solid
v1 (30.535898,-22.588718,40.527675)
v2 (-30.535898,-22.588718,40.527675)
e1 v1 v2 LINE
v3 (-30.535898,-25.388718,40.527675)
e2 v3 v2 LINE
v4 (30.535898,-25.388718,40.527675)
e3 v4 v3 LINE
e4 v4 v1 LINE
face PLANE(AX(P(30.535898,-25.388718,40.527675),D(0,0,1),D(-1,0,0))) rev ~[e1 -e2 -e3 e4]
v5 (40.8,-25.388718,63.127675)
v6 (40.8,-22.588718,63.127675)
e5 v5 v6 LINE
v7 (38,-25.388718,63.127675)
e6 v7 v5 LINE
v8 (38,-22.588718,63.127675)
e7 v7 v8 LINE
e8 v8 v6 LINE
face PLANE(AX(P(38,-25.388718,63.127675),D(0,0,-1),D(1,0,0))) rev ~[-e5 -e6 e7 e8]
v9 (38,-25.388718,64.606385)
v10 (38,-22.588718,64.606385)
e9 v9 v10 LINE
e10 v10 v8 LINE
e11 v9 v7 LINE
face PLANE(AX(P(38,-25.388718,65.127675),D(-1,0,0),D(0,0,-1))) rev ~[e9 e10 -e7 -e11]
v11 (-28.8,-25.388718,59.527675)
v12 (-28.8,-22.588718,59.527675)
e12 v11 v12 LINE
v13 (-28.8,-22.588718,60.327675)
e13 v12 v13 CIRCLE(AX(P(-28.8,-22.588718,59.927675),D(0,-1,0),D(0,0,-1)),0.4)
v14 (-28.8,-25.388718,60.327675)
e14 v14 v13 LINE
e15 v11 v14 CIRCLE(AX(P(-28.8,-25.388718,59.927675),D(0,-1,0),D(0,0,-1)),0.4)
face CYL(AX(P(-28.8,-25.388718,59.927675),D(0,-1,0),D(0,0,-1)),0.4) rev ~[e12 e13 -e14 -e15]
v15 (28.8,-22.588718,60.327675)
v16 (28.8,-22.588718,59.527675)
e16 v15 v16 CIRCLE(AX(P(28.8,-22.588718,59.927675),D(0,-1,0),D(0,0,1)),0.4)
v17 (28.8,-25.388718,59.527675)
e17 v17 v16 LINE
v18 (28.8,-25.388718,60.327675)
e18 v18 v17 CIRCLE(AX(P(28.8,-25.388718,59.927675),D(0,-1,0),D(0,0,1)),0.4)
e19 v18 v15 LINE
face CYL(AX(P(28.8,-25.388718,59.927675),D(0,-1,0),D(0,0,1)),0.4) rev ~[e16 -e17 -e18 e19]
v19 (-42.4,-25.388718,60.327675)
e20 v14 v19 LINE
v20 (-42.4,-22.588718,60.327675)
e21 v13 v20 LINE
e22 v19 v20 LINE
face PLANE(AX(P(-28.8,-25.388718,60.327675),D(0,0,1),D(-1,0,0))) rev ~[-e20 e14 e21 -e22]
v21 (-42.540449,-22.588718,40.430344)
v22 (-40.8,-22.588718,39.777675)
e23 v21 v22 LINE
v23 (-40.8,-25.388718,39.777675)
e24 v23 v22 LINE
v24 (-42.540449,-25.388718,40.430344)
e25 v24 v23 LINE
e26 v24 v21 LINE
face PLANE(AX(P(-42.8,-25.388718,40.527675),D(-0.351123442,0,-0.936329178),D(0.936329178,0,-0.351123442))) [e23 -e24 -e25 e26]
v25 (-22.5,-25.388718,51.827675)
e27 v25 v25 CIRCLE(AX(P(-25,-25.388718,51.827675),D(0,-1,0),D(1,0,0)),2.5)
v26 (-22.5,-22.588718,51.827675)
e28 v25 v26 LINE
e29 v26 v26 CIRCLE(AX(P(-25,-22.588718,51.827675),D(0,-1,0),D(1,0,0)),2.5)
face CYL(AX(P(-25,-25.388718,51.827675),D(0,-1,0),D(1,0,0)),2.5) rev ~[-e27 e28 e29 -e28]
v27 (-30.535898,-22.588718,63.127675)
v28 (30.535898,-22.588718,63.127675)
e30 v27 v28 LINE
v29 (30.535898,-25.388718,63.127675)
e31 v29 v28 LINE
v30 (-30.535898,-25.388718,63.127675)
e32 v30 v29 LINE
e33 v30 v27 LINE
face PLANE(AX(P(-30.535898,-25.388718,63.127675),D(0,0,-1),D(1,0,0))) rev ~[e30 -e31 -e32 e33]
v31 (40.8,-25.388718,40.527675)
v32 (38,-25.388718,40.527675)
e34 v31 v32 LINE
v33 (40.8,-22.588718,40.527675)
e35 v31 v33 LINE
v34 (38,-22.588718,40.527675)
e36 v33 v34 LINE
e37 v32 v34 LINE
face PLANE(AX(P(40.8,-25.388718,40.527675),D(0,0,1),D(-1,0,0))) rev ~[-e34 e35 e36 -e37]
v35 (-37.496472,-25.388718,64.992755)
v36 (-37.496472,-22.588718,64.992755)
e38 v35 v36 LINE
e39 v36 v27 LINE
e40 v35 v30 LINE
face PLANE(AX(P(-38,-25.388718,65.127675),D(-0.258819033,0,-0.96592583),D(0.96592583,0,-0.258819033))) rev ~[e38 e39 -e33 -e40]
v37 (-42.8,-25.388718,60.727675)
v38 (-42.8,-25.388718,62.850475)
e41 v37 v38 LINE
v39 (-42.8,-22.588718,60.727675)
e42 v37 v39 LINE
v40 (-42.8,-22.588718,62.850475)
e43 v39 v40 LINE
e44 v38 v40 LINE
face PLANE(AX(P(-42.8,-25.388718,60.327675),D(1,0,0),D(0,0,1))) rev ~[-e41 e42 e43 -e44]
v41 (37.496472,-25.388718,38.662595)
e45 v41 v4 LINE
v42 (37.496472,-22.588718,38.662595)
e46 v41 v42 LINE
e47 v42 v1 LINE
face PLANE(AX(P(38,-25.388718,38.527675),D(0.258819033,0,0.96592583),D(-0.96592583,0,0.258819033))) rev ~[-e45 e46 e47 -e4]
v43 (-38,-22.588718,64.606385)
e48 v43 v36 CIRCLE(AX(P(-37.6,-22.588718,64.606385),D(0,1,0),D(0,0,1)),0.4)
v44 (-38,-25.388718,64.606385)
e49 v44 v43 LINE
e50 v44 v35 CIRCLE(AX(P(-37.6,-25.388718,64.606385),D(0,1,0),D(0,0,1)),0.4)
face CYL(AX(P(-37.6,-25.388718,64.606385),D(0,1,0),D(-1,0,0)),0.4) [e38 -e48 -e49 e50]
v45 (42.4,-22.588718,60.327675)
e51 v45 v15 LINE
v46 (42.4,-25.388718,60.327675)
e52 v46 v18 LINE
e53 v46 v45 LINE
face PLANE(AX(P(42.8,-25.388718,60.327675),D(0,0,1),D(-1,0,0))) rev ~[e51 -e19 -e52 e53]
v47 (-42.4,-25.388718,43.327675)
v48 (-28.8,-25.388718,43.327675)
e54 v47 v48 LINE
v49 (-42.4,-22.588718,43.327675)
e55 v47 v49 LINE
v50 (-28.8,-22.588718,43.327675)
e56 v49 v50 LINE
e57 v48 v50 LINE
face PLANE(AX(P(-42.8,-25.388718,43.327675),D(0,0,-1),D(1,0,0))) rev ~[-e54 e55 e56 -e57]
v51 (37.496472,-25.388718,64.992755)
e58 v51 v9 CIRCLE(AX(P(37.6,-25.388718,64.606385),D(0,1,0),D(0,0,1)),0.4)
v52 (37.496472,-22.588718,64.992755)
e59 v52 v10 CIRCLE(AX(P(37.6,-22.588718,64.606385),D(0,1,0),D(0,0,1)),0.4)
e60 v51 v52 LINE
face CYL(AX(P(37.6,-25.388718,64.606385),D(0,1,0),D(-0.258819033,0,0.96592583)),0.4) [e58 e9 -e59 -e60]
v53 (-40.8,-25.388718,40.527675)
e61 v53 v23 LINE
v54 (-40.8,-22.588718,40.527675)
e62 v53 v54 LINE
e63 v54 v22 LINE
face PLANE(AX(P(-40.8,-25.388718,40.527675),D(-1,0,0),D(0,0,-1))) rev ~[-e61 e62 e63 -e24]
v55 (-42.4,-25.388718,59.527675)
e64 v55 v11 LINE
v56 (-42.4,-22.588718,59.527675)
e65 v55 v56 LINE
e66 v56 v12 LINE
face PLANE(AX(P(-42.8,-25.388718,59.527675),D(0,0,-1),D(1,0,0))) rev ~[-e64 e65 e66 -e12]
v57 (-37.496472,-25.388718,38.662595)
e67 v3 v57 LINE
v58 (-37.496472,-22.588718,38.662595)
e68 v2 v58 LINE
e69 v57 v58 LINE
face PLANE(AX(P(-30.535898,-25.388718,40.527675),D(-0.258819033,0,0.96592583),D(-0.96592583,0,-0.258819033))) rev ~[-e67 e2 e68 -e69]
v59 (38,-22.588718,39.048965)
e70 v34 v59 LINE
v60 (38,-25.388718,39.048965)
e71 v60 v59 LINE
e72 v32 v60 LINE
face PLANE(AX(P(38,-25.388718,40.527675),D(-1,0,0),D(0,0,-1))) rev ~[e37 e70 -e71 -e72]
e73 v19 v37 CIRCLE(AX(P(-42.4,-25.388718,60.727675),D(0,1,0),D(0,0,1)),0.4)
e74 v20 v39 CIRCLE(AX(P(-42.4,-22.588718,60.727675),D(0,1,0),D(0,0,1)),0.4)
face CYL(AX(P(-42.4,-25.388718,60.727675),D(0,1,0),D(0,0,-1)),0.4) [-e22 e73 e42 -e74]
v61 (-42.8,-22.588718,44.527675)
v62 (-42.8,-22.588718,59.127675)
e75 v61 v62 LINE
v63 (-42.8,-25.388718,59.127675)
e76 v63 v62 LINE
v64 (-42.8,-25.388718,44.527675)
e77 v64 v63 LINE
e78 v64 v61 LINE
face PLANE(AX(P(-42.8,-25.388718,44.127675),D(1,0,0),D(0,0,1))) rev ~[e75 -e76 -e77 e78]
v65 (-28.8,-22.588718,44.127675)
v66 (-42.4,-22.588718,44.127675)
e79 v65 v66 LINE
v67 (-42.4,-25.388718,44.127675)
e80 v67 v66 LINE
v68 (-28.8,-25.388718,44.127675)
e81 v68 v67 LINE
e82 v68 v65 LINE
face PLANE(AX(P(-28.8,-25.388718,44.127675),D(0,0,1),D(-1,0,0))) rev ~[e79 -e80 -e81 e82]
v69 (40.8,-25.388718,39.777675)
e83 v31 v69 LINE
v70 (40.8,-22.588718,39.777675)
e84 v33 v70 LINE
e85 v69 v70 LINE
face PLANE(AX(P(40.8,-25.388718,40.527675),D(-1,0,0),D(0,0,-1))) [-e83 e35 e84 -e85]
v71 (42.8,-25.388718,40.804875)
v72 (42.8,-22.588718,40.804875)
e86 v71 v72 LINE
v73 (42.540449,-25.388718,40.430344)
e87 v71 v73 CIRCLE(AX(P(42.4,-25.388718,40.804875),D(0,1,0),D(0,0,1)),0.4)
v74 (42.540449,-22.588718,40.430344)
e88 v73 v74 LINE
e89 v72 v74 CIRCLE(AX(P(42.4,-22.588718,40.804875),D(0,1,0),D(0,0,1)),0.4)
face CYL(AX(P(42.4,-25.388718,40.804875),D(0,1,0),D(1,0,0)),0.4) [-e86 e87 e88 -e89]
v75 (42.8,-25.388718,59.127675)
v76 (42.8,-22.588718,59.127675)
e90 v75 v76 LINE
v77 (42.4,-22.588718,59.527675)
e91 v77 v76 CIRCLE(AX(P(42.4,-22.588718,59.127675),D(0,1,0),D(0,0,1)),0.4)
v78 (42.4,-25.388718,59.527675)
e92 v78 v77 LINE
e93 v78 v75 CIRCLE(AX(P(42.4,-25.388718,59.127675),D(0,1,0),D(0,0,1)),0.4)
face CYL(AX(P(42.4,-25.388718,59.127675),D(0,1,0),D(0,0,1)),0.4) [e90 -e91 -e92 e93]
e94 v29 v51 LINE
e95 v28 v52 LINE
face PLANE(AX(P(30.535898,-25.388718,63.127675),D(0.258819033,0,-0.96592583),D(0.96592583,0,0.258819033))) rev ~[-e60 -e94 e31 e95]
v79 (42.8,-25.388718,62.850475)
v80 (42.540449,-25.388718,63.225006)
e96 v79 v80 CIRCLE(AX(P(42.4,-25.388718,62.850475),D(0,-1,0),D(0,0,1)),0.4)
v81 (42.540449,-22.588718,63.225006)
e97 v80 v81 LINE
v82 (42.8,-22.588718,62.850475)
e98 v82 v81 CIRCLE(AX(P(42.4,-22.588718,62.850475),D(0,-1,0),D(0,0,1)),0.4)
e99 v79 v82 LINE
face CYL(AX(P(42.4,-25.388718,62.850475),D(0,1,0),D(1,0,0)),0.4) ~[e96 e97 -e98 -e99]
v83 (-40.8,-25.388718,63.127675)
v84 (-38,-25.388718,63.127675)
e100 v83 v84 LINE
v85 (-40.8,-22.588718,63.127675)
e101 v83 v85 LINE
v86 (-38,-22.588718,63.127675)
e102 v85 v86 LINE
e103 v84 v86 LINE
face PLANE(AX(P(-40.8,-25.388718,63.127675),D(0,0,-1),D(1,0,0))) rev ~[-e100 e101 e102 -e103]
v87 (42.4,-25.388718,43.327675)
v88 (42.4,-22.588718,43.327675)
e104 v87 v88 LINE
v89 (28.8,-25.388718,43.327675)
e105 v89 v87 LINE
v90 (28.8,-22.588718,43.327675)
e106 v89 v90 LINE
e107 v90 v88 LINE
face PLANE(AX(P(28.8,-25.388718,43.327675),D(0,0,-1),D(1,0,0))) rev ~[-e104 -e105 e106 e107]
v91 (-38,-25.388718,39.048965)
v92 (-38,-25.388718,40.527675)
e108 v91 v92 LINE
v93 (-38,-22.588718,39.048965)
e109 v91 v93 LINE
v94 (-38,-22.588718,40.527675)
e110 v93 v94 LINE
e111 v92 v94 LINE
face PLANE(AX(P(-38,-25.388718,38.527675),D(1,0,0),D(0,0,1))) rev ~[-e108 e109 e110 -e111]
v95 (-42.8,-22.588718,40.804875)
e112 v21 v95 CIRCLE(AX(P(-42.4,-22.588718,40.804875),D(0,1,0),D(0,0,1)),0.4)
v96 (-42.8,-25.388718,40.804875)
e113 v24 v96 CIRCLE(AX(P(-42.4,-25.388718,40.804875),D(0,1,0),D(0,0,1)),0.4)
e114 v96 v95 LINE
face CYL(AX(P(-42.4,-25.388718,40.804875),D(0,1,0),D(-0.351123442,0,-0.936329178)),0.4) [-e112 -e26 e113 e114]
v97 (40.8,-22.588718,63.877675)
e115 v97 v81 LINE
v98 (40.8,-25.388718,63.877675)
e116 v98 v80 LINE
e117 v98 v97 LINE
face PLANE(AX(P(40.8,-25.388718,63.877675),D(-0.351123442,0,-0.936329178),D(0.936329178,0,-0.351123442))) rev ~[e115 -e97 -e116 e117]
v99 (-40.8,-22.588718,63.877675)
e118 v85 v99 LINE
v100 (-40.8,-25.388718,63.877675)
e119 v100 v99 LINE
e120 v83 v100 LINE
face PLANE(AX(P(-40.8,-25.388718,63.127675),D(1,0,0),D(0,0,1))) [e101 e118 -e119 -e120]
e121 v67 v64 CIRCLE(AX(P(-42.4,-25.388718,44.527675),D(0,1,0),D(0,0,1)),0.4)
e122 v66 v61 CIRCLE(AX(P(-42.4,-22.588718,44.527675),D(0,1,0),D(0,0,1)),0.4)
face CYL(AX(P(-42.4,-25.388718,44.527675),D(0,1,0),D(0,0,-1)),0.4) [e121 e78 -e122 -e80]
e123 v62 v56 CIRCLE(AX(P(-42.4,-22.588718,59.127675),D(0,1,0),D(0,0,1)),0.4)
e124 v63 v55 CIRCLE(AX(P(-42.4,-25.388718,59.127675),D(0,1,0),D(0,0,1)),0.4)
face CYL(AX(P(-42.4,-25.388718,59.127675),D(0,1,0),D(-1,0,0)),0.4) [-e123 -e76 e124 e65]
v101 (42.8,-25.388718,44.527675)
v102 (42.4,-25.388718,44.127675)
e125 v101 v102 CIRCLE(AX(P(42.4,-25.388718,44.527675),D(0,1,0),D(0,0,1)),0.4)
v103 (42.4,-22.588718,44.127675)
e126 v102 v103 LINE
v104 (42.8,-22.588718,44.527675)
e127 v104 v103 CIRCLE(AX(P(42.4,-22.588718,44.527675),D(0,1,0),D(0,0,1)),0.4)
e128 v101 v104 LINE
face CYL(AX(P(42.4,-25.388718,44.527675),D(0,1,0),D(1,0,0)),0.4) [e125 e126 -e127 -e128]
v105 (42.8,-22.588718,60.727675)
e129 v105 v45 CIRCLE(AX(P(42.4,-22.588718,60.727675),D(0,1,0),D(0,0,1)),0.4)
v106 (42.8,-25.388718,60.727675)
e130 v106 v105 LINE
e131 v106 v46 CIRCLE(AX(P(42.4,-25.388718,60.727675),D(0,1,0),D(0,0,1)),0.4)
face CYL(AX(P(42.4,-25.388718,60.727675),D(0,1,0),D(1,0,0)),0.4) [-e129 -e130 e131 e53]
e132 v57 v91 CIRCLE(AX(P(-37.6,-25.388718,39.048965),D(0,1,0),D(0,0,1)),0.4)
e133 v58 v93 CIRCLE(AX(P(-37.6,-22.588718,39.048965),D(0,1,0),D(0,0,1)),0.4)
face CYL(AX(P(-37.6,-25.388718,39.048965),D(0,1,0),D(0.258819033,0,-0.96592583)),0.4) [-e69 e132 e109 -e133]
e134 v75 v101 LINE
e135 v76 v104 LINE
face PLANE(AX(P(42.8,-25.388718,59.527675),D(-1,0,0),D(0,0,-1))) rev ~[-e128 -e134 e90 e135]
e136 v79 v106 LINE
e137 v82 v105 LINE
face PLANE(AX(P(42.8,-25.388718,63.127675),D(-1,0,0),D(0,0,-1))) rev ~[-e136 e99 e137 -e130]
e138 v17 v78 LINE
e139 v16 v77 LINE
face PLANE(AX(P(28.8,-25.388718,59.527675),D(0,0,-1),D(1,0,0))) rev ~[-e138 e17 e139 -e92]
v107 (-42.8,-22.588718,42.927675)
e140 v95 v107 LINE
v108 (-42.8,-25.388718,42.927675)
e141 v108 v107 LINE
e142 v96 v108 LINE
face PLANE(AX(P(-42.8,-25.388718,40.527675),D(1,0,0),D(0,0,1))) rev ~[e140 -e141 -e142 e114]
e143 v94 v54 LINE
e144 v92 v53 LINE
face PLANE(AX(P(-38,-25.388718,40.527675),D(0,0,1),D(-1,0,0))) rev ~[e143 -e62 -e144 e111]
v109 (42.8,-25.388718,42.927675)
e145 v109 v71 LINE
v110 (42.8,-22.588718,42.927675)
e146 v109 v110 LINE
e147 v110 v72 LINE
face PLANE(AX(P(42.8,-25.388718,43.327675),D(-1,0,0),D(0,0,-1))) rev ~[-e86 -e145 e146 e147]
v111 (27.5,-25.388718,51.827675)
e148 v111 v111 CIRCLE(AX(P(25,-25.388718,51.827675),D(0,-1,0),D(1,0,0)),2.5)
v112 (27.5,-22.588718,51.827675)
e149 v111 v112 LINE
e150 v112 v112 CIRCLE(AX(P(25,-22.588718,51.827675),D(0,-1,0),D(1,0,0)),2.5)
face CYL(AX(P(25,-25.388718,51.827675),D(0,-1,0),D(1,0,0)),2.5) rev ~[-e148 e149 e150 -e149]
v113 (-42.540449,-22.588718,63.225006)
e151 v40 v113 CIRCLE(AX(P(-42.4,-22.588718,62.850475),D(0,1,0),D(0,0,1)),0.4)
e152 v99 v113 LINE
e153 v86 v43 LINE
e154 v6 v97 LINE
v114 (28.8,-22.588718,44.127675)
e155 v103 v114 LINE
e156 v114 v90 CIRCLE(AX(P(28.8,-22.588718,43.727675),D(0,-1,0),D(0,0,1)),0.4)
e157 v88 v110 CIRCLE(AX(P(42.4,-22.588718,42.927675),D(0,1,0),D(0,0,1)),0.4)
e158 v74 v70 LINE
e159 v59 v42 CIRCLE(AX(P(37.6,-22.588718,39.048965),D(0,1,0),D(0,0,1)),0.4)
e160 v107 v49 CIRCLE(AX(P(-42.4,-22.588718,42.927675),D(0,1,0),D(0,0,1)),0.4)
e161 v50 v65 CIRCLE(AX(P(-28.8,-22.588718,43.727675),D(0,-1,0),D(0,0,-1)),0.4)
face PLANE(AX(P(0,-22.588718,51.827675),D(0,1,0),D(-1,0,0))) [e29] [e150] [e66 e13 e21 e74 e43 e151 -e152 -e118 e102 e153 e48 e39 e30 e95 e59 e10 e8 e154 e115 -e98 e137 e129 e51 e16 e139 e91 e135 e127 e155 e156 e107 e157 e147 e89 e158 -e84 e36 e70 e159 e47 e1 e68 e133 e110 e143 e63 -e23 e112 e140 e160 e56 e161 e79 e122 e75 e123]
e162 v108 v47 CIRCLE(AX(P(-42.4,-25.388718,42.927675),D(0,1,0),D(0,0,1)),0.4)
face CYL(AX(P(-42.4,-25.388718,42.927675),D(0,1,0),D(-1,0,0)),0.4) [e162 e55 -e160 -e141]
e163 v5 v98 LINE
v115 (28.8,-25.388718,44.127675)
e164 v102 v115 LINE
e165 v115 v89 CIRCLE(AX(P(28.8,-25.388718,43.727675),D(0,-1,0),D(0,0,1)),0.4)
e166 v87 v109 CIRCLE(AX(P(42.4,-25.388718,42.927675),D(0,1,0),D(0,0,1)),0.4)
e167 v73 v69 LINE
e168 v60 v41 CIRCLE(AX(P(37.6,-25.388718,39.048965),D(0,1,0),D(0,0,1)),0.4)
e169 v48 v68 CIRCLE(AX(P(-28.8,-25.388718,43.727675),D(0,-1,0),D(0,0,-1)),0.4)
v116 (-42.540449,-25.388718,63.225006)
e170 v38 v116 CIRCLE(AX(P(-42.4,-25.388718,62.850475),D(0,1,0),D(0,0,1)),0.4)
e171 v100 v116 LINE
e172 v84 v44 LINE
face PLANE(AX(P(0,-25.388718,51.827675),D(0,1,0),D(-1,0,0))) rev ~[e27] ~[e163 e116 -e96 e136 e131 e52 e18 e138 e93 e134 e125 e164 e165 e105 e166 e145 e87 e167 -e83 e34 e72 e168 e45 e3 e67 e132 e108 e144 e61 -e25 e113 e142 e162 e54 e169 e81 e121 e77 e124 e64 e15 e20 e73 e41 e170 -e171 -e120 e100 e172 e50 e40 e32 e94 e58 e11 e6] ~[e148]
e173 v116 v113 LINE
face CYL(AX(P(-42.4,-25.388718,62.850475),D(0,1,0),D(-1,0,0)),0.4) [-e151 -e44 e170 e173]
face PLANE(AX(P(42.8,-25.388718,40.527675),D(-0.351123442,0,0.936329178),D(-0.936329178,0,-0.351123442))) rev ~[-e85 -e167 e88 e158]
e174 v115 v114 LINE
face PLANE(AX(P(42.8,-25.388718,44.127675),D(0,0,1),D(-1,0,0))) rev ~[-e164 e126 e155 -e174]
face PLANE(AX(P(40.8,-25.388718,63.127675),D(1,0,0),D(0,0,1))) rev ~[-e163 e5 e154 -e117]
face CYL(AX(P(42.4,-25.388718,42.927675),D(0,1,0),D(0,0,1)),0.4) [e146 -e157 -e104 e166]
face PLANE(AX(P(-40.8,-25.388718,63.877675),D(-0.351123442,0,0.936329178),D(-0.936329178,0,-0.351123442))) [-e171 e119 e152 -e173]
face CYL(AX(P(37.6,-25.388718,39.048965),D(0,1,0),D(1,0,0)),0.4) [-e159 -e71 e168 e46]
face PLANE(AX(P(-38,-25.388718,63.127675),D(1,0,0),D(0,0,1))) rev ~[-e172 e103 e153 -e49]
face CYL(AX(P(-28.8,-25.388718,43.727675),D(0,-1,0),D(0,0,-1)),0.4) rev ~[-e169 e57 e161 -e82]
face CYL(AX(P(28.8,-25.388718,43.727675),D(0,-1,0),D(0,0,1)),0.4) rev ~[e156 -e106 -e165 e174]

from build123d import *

# Parameters (mm, degrees)
PAD010_DEPTH    = 2.8
FILLET003_R     = 0.4
SKETCH016_R     = 2.5
POCKET003_DEPTH = 2.801


with BuildPart() as part:
    # Sketch010 (on Face2 of ShapeBinder009) → Pad010 (new body)
    with BuildSketch(Plane.XZ.offset(25.388718)):
        with BuildLine():
            Line((42.8, 63.127675), (42.8, 60.327675))
            Line((42.8, 60.327675), (28.8, 60.327675))
            ThreePointArc((28.8, 60.327675), (28.4, 59.927675), (28.8, 59.527675))
            Line((28.8, 59.527675), (42.8, 59.527675))
            Line((42.8, 59.527675), (42.8, 44.127675))
            Line((42.8, 44.127675), (28.8, 44.127675))
            ThreePointArc((28.8, 44.127675), (28.4, 43.727675), (28.8, 43.327675))
            Line((28.8, 43.327675), (42.8, 43.327675))
            Line((42.8, 43.327675), (42.8, 40.527675))
            Line((42.8, 40.527675), (40.8, 39.777675))
            Line((40.8, 40.527675), (40.8, 39.777675))
            Line((40.8, 40.527675), (38, 40.527675))
            Line((38, 40.527675), (38, 38.527675))
            Line((38, 38.527675), (30.535898, 40.527675))
            Line((30.535898, 40.527675), (-30.535898, 40.527675))
            Line((-30.535898, 40.527675), (-38, 38.527675))
            Line((-38, 38.527675), (-38, 40.527675))
            Line((-38, 40.527675), (-40.8, 40.527675))
            Line((-40.8, 40.527675), (-40.8, 39.777675))
            Line((-42.8, 40.527675), (-40.8, 39.777675))
            Line((-42.8, 40.527675), (-42.8, 43.327675))
            Line((-42.8, 43.327675), (-28.8, 43.327675))
            ThreePointArc((-28.8, 43.327675), (-28.4, 43.727675), (-28.8, 44.127675))
            Line((-28.8, 44.127675), (-42.8, 44.127675))
            Line((-42.8, 44.127675), (-42.8, 59.527675))
            Line((-42.8, 59.527675), (-28.8, 59.527675))
            ThreePointArc((-28.8, 59.527675), (-28.4, 59.927675), (-28.8, 60.327675))
            Line((-28.8, 60.327675), (-42.8, 60.327675))
            Line((-42.8, 60.327675), (-42.8, 63.127675))
            Line((-40.8, 63.877675), (-42.8, 63.127675))
            Line((-40.8, 63.127675), (-40.8, 63.877675))
            Line((-40.8, 63.127675), (-38, 63.127675))
            Line((-38, 63.127675), (-38, 65.127675))
            Line((-38, 65.127675), (-30.535898, 63.127675))
            Line((-30.535898, 63.127675), (30.535898, 63.127675))
            Line((30.535898, 63.127675), (38, 65.127675))
            Line((38, 65.127675), (38, 63.127675))
            Line((38, 63.127675), (40.8, 63.127675))
            Line((40.8, 63.127675), (40.8, 63.877675))
            Line((40.8, 63.877675), (42.8, 63.127675))
        make_face()
    extrude(amount=-PAD010_DEPTH)

    # Fillet003
    fillet003_edges = [part.edges().sort_by_distance(p)[0] for p in [
        (-42.8, -23.988718, 60.327675),
        (-42.8, -23.988718, 63.127675),
        (-42.8, -23.988718, 59.527675),
        (-38, -23.988718, 65.127675),
        (38, -23.988718, 65.127675),
        (42.8, -23.988718, 63.127675),
        (42.8, -23.988718, 60.327675),
        (42.8, -23.988718, 59.527675),
        (42.8, -23.988718, 44.127675),
        (42.8, -23.988718, 43.327675),
        (42.8, -23.988718, 40.527675),
        (38, -23.988718, 38.527675),
        (-42.8, -23.988718, 44.127675),
        (-42.8, -23.988718, 43.327675),
        (-42.8, -23.988718, 40.527675),
        (-38, -23.988718, 38.527675),
    ]]
    fillet(fillet003_edges, radius=FILLET003_R)

    # Sketch016 (on Face2 of Fillet003) → Pocket003 (cut, through all)
    with BuildSketch(Plane.XZ.offset(25.388718)):
        with Locations((-25, 51.827675)):
            Circle(SKETCH016_R)
        with Locations((25, 51.827675)):
            Circle(SKETCH016_R)
    extrude(amount=-POCKET003_DEPTH, mode=Mode.SUBTRACT)


solid = part.part
